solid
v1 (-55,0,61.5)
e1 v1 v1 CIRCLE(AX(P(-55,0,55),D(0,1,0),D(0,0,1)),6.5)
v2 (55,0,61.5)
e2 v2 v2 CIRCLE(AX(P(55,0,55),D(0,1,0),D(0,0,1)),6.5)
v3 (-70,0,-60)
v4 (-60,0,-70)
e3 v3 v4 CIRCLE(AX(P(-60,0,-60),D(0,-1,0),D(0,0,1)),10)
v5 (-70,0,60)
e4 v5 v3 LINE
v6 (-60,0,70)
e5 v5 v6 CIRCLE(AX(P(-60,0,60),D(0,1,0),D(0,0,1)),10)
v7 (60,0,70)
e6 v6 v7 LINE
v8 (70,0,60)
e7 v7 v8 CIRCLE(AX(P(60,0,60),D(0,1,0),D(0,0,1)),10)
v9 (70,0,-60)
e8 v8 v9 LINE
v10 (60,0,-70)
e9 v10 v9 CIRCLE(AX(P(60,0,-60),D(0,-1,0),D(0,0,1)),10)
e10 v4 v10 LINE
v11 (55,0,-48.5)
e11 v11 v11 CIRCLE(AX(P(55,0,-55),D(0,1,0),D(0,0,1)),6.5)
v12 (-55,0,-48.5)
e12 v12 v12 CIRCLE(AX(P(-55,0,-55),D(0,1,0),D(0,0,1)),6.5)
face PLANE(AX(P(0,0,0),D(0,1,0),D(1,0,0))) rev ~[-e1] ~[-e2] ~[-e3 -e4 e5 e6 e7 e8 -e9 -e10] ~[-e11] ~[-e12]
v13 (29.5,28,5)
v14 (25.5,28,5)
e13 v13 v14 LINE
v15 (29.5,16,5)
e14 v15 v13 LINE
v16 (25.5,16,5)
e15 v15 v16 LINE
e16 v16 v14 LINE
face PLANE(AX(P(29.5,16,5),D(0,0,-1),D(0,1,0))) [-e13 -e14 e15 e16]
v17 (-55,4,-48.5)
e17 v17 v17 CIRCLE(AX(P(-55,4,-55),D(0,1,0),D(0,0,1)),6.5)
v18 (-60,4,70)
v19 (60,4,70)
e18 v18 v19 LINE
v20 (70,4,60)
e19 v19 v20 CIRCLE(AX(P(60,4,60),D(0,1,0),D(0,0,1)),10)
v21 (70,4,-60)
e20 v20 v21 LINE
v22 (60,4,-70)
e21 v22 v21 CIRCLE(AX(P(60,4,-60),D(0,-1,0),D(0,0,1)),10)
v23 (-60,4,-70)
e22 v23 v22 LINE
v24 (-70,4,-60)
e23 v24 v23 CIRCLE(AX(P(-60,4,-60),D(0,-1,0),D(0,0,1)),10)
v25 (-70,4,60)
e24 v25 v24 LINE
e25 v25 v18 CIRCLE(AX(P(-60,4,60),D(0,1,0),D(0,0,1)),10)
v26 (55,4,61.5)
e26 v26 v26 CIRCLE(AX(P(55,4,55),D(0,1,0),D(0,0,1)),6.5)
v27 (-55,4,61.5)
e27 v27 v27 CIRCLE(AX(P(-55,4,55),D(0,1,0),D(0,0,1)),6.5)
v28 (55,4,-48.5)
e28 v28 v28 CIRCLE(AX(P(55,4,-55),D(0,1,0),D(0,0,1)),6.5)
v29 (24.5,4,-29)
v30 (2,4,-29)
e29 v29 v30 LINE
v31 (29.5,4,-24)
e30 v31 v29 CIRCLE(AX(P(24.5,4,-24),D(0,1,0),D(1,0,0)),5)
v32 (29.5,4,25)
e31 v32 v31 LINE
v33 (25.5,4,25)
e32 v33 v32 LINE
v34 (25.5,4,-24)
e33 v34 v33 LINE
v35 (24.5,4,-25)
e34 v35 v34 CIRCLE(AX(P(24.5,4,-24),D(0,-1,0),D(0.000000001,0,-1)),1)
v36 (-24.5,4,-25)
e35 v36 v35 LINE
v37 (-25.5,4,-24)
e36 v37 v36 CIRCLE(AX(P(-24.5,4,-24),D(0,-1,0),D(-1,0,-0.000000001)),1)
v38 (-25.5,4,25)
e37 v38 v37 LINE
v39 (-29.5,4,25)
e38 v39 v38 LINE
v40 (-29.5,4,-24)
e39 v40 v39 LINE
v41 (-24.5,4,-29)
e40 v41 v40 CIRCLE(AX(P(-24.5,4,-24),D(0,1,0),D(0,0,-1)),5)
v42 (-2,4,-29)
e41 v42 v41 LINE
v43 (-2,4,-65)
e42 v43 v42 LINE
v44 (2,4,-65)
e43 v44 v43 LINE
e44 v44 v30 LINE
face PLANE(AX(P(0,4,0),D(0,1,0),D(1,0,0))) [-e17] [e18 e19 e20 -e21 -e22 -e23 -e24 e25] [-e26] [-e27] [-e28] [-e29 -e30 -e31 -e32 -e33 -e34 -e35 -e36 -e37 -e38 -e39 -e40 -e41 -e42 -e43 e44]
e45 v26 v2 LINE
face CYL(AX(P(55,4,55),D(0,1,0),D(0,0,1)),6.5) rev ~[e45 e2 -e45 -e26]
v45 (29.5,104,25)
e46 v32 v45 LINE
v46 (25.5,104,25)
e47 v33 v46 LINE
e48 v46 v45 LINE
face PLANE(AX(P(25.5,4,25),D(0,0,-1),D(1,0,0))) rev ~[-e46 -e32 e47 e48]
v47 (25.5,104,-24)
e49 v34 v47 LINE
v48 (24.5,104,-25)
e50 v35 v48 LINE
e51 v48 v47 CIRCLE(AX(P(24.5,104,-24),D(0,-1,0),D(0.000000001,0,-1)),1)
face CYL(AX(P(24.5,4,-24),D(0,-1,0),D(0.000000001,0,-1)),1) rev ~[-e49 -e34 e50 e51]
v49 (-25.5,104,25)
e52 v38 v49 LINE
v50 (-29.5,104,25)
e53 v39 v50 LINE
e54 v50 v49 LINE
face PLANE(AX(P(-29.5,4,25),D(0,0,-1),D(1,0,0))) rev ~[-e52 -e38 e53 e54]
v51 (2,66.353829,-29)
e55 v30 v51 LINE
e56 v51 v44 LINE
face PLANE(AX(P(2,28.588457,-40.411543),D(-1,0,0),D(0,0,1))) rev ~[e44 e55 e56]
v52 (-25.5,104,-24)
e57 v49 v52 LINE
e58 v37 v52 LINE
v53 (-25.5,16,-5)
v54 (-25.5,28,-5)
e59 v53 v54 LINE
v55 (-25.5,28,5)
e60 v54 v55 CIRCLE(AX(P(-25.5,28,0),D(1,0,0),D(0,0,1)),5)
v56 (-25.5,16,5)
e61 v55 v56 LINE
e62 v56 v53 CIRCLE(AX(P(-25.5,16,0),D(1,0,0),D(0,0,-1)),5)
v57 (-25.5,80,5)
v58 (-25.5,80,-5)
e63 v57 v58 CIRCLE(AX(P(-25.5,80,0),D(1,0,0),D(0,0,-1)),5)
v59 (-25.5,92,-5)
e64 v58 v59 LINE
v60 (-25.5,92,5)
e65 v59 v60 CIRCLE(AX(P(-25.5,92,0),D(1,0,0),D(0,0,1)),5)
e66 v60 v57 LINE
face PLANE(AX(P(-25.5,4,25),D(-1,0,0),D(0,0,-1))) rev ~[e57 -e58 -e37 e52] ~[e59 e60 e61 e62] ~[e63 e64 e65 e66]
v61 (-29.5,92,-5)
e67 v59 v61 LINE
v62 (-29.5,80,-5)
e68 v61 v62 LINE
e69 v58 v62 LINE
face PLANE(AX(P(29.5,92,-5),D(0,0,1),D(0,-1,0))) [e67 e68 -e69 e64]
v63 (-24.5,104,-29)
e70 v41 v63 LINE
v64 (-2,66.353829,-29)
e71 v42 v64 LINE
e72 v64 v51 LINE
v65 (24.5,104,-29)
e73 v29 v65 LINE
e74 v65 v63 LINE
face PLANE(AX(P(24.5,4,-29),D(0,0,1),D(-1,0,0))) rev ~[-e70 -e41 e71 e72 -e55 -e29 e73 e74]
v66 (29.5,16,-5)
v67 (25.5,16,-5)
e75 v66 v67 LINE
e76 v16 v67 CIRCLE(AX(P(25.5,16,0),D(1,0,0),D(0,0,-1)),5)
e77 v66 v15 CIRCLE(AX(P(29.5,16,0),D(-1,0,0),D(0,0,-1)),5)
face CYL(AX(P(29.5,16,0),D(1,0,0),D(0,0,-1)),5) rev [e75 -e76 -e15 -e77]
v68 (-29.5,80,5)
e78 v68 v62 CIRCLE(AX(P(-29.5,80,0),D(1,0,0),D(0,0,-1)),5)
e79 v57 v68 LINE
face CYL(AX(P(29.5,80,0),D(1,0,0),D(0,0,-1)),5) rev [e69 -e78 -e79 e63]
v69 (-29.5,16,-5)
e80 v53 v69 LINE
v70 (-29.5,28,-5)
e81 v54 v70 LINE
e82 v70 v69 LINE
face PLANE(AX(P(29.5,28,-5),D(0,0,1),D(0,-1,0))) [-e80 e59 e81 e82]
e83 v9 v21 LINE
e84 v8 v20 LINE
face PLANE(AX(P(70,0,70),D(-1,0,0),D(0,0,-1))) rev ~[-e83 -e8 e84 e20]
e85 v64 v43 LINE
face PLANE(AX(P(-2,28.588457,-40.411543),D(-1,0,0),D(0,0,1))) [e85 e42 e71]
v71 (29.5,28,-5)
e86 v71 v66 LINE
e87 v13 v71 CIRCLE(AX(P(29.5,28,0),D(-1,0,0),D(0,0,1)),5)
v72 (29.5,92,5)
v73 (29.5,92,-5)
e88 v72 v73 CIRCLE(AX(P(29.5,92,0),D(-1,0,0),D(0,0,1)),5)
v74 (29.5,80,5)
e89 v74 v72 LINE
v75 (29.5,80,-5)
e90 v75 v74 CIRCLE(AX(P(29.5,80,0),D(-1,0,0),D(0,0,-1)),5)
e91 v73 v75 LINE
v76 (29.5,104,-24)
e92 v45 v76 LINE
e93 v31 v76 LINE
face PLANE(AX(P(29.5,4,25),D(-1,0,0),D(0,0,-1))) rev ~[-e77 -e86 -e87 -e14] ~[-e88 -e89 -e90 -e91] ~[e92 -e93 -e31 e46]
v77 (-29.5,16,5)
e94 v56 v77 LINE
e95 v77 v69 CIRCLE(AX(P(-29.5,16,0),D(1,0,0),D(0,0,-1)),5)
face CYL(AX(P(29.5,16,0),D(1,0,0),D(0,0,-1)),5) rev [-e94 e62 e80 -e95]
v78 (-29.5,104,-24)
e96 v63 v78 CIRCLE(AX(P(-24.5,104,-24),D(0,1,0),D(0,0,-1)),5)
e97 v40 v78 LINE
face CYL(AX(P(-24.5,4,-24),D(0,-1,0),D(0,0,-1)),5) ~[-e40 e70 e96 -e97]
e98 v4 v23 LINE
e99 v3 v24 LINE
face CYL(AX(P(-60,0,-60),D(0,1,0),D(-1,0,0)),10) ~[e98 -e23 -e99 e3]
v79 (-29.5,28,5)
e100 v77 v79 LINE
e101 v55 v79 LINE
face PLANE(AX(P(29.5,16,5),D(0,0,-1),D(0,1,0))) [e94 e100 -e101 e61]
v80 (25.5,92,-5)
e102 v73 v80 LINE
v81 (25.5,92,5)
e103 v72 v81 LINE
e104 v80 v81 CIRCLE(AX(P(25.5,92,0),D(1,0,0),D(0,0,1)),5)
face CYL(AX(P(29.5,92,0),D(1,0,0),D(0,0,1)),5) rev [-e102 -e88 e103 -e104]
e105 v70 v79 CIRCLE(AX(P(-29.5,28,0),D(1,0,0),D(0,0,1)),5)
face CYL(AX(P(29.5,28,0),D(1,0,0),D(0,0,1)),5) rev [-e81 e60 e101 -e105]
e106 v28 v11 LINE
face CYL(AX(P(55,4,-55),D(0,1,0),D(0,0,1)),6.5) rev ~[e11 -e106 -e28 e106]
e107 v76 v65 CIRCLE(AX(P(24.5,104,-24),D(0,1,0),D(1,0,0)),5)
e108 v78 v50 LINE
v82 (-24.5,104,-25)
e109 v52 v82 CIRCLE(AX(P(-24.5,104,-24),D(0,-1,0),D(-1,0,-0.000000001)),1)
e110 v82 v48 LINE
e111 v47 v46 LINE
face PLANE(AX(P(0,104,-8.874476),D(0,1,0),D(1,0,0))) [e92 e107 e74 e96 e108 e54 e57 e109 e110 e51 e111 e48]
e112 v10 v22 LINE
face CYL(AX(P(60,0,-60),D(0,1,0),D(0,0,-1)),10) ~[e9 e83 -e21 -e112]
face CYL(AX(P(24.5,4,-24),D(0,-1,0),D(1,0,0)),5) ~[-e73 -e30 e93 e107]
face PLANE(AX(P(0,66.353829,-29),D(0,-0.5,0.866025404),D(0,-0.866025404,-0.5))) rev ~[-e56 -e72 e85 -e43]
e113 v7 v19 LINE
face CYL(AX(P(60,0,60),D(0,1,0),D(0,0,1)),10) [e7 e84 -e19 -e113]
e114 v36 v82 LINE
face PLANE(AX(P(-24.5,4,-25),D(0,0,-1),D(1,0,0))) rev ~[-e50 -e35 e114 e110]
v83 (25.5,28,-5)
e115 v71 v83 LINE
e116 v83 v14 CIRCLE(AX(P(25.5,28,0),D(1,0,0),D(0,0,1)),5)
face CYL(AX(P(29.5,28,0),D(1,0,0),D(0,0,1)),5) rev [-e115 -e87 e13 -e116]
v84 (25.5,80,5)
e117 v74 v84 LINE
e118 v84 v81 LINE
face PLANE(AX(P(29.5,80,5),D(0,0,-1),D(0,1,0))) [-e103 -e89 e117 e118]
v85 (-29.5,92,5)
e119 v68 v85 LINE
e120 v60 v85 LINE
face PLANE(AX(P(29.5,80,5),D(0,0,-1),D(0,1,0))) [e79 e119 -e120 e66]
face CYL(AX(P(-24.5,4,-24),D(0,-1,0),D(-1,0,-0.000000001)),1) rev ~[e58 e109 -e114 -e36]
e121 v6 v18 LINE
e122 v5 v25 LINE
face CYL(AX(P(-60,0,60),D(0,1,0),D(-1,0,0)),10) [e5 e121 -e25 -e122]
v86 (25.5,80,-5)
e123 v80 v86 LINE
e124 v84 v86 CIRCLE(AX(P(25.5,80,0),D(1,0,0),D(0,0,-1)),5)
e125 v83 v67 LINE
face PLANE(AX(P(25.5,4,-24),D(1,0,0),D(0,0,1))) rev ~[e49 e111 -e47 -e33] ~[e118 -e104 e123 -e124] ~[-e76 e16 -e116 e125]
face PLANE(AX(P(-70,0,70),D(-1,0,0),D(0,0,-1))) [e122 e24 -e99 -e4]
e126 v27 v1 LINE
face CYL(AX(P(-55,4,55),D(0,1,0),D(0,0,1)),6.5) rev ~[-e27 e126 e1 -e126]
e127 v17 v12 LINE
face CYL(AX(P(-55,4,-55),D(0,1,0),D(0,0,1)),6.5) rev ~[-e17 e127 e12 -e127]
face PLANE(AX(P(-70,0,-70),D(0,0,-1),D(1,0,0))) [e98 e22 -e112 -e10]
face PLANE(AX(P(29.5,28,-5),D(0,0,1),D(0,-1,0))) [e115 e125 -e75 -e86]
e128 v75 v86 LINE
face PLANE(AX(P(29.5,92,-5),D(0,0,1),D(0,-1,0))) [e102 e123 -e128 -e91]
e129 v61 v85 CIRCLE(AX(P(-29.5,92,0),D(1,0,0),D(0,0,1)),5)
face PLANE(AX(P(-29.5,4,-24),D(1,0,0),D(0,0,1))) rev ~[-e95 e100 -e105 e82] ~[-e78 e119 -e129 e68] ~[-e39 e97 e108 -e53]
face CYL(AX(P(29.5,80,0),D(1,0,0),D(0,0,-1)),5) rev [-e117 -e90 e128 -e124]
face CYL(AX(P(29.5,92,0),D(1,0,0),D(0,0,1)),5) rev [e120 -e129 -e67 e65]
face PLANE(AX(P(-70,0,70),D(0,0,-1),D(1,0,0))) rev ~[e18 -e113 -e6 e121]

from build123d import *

# Parameters (mm, degrees)
SKETCH_2_W          = 140
SKETCH_2_H          = 140
EXTRUDE_1_DEPTH     = 4
EXTRUDE_1_2_DEPTH   = 100
EXTRUDE_2_DEPTH     = 2
CUT_EXTRUDE_1_DEPTH = 100.5
SKETCH_6_R          = 6.5
CUT_EXTRUDE_2_DEPTH = 5
FILLET_1_R          = 10


with BuildPart() as part:
    # Эскиз2 → Extrude 1 (new body)
    with BuildSketch(Plane(origin=(0, 0, 0), x_dir=(1, 0, 0), z_dir=(0, 1, 0))):
        Rectangle(SKETCH_2_W, SKETCH_2_H)
    extrude(amount=EXTRUDE_1_DEPTH)

    # Эскиз3 → Extrude 1 2 (add)
    with BuildSketch(Plane(origin=(0, 4, 0), x_dir=(1, 0, 0), z_dir=(0, 1, 0))):
        with BuildLine():
            Line((-25.5, -25), (-25.5, 24))
            ThreePointArc((-25.5, 24), (-25.207106781, 24.707106781), (-24.5, 25))
            Line((-24.5, 25), (24.5, 25))
            ThreePointArc((24.5, 25), (25.207106781, 24.707106781), (25.5, 24))
            Line((25.5, 24), (25.5, -25))
            Line((25.5, -25), (29.5, -25))
            Line((29.5, -25), (29.5, 24))
            ThreePointArc((29.5, 24), (28.035533906, 27.535533906), (24.5, 29))
            Line((24.5, 29), (-24.5, 29))
            ThreePointArc((-24.5, 29), (-28.035533906, 27.535533906), (-29.5, 24))
            Line((-29.5, 24), (-29.5, -25))
            Line((-29.5, -25), (-25.5, -25))
        make_face()
    extrude(amount=EXTRUDE_1_2_DEPTH)

    # Эскиз4 → Бобышка-Вытянуть2 (add, symmetric)
    with BuildSketch(Plane(origin=(0, 0, 0), x_dir=(0, 0, -1), z_dir=(1, 0, 0))):
        Polygon((29, 66.353829072), (65, 4), (29, 4), align=None)
    extrude(amount=EXTRUDE_2_DEPTH, both=True)

    # Эскиз5 → Вырез-Вытянуть1 (cut, through all)
    with BuildSketch(Plane(origin=(29.5, 0, 0), x_dir=(0, 0, -1), z_dir=(1, 0, 0))):
        with BuildLine():
            Line((5, 92), (5, 80))
            ThreePointArc((5, 80), (0, 75), (-5, 80))
            Line((-5, 80), (-5, 92))
            ThreePointArc((-5, 92), (0, 97), (5, 92))
        make_face()
        with BuildLine():
            Line((5, 28), (5, 16))
            ThreePointArc((5, 16), (0, 11), (-5, 16))
            Line((-5, 16), (-5, 28))
            ThreePointArc((-5, 28), (0, 33), (5, 28))
        make_face()
    extrude(amount=-CUT_EXTRUDE_1_DEPTH, mode=Mode.SUBTRACT)

    # Эскиз6 → Вырез-Вытянуть2 (cut, through all)
    with BuildSketch(Plane(origin=(0, 4, 0), x_dir=(1, 0, 0), z_dir=(0, 1, 0))):
        with Locations(Location((-55, 55, 0), (0, 0, 270))):  # turned: the seam where the file's is
            Circle(SKETCH_6_R)
        with Locations(Location((-55, -55, 0), (0, 0, 270))):  # turned: the seam where the file's is
            Circle(SKETCH_6_R)
        with Locations(Location((55, 55, 0), (0, 0, 270))):  # turned: the seam where the file's is
            Circle(SKETCH_6_R)
        with Locations(Location((55, -55, 0), (0, 0, 270))):  # turned: the seam where the file's is
            Circle(SKETCH_6_R)
    extrude(amount=-CUT_EXTRUDE_2_DEPTH, mode=Mode.SUBTRACT)

    # Скругление1
    fillet_1_edges = [part.edges().sort_by_distance(p)[0] for p in [
        (70, 2, 70),
        (-70, 2, 70),
        (-70, 2, -70),
        (70, 2, -70),
    ]]
    fillet(fillet_1_edges, radius=FILLET_1_R)


solid = part.part
